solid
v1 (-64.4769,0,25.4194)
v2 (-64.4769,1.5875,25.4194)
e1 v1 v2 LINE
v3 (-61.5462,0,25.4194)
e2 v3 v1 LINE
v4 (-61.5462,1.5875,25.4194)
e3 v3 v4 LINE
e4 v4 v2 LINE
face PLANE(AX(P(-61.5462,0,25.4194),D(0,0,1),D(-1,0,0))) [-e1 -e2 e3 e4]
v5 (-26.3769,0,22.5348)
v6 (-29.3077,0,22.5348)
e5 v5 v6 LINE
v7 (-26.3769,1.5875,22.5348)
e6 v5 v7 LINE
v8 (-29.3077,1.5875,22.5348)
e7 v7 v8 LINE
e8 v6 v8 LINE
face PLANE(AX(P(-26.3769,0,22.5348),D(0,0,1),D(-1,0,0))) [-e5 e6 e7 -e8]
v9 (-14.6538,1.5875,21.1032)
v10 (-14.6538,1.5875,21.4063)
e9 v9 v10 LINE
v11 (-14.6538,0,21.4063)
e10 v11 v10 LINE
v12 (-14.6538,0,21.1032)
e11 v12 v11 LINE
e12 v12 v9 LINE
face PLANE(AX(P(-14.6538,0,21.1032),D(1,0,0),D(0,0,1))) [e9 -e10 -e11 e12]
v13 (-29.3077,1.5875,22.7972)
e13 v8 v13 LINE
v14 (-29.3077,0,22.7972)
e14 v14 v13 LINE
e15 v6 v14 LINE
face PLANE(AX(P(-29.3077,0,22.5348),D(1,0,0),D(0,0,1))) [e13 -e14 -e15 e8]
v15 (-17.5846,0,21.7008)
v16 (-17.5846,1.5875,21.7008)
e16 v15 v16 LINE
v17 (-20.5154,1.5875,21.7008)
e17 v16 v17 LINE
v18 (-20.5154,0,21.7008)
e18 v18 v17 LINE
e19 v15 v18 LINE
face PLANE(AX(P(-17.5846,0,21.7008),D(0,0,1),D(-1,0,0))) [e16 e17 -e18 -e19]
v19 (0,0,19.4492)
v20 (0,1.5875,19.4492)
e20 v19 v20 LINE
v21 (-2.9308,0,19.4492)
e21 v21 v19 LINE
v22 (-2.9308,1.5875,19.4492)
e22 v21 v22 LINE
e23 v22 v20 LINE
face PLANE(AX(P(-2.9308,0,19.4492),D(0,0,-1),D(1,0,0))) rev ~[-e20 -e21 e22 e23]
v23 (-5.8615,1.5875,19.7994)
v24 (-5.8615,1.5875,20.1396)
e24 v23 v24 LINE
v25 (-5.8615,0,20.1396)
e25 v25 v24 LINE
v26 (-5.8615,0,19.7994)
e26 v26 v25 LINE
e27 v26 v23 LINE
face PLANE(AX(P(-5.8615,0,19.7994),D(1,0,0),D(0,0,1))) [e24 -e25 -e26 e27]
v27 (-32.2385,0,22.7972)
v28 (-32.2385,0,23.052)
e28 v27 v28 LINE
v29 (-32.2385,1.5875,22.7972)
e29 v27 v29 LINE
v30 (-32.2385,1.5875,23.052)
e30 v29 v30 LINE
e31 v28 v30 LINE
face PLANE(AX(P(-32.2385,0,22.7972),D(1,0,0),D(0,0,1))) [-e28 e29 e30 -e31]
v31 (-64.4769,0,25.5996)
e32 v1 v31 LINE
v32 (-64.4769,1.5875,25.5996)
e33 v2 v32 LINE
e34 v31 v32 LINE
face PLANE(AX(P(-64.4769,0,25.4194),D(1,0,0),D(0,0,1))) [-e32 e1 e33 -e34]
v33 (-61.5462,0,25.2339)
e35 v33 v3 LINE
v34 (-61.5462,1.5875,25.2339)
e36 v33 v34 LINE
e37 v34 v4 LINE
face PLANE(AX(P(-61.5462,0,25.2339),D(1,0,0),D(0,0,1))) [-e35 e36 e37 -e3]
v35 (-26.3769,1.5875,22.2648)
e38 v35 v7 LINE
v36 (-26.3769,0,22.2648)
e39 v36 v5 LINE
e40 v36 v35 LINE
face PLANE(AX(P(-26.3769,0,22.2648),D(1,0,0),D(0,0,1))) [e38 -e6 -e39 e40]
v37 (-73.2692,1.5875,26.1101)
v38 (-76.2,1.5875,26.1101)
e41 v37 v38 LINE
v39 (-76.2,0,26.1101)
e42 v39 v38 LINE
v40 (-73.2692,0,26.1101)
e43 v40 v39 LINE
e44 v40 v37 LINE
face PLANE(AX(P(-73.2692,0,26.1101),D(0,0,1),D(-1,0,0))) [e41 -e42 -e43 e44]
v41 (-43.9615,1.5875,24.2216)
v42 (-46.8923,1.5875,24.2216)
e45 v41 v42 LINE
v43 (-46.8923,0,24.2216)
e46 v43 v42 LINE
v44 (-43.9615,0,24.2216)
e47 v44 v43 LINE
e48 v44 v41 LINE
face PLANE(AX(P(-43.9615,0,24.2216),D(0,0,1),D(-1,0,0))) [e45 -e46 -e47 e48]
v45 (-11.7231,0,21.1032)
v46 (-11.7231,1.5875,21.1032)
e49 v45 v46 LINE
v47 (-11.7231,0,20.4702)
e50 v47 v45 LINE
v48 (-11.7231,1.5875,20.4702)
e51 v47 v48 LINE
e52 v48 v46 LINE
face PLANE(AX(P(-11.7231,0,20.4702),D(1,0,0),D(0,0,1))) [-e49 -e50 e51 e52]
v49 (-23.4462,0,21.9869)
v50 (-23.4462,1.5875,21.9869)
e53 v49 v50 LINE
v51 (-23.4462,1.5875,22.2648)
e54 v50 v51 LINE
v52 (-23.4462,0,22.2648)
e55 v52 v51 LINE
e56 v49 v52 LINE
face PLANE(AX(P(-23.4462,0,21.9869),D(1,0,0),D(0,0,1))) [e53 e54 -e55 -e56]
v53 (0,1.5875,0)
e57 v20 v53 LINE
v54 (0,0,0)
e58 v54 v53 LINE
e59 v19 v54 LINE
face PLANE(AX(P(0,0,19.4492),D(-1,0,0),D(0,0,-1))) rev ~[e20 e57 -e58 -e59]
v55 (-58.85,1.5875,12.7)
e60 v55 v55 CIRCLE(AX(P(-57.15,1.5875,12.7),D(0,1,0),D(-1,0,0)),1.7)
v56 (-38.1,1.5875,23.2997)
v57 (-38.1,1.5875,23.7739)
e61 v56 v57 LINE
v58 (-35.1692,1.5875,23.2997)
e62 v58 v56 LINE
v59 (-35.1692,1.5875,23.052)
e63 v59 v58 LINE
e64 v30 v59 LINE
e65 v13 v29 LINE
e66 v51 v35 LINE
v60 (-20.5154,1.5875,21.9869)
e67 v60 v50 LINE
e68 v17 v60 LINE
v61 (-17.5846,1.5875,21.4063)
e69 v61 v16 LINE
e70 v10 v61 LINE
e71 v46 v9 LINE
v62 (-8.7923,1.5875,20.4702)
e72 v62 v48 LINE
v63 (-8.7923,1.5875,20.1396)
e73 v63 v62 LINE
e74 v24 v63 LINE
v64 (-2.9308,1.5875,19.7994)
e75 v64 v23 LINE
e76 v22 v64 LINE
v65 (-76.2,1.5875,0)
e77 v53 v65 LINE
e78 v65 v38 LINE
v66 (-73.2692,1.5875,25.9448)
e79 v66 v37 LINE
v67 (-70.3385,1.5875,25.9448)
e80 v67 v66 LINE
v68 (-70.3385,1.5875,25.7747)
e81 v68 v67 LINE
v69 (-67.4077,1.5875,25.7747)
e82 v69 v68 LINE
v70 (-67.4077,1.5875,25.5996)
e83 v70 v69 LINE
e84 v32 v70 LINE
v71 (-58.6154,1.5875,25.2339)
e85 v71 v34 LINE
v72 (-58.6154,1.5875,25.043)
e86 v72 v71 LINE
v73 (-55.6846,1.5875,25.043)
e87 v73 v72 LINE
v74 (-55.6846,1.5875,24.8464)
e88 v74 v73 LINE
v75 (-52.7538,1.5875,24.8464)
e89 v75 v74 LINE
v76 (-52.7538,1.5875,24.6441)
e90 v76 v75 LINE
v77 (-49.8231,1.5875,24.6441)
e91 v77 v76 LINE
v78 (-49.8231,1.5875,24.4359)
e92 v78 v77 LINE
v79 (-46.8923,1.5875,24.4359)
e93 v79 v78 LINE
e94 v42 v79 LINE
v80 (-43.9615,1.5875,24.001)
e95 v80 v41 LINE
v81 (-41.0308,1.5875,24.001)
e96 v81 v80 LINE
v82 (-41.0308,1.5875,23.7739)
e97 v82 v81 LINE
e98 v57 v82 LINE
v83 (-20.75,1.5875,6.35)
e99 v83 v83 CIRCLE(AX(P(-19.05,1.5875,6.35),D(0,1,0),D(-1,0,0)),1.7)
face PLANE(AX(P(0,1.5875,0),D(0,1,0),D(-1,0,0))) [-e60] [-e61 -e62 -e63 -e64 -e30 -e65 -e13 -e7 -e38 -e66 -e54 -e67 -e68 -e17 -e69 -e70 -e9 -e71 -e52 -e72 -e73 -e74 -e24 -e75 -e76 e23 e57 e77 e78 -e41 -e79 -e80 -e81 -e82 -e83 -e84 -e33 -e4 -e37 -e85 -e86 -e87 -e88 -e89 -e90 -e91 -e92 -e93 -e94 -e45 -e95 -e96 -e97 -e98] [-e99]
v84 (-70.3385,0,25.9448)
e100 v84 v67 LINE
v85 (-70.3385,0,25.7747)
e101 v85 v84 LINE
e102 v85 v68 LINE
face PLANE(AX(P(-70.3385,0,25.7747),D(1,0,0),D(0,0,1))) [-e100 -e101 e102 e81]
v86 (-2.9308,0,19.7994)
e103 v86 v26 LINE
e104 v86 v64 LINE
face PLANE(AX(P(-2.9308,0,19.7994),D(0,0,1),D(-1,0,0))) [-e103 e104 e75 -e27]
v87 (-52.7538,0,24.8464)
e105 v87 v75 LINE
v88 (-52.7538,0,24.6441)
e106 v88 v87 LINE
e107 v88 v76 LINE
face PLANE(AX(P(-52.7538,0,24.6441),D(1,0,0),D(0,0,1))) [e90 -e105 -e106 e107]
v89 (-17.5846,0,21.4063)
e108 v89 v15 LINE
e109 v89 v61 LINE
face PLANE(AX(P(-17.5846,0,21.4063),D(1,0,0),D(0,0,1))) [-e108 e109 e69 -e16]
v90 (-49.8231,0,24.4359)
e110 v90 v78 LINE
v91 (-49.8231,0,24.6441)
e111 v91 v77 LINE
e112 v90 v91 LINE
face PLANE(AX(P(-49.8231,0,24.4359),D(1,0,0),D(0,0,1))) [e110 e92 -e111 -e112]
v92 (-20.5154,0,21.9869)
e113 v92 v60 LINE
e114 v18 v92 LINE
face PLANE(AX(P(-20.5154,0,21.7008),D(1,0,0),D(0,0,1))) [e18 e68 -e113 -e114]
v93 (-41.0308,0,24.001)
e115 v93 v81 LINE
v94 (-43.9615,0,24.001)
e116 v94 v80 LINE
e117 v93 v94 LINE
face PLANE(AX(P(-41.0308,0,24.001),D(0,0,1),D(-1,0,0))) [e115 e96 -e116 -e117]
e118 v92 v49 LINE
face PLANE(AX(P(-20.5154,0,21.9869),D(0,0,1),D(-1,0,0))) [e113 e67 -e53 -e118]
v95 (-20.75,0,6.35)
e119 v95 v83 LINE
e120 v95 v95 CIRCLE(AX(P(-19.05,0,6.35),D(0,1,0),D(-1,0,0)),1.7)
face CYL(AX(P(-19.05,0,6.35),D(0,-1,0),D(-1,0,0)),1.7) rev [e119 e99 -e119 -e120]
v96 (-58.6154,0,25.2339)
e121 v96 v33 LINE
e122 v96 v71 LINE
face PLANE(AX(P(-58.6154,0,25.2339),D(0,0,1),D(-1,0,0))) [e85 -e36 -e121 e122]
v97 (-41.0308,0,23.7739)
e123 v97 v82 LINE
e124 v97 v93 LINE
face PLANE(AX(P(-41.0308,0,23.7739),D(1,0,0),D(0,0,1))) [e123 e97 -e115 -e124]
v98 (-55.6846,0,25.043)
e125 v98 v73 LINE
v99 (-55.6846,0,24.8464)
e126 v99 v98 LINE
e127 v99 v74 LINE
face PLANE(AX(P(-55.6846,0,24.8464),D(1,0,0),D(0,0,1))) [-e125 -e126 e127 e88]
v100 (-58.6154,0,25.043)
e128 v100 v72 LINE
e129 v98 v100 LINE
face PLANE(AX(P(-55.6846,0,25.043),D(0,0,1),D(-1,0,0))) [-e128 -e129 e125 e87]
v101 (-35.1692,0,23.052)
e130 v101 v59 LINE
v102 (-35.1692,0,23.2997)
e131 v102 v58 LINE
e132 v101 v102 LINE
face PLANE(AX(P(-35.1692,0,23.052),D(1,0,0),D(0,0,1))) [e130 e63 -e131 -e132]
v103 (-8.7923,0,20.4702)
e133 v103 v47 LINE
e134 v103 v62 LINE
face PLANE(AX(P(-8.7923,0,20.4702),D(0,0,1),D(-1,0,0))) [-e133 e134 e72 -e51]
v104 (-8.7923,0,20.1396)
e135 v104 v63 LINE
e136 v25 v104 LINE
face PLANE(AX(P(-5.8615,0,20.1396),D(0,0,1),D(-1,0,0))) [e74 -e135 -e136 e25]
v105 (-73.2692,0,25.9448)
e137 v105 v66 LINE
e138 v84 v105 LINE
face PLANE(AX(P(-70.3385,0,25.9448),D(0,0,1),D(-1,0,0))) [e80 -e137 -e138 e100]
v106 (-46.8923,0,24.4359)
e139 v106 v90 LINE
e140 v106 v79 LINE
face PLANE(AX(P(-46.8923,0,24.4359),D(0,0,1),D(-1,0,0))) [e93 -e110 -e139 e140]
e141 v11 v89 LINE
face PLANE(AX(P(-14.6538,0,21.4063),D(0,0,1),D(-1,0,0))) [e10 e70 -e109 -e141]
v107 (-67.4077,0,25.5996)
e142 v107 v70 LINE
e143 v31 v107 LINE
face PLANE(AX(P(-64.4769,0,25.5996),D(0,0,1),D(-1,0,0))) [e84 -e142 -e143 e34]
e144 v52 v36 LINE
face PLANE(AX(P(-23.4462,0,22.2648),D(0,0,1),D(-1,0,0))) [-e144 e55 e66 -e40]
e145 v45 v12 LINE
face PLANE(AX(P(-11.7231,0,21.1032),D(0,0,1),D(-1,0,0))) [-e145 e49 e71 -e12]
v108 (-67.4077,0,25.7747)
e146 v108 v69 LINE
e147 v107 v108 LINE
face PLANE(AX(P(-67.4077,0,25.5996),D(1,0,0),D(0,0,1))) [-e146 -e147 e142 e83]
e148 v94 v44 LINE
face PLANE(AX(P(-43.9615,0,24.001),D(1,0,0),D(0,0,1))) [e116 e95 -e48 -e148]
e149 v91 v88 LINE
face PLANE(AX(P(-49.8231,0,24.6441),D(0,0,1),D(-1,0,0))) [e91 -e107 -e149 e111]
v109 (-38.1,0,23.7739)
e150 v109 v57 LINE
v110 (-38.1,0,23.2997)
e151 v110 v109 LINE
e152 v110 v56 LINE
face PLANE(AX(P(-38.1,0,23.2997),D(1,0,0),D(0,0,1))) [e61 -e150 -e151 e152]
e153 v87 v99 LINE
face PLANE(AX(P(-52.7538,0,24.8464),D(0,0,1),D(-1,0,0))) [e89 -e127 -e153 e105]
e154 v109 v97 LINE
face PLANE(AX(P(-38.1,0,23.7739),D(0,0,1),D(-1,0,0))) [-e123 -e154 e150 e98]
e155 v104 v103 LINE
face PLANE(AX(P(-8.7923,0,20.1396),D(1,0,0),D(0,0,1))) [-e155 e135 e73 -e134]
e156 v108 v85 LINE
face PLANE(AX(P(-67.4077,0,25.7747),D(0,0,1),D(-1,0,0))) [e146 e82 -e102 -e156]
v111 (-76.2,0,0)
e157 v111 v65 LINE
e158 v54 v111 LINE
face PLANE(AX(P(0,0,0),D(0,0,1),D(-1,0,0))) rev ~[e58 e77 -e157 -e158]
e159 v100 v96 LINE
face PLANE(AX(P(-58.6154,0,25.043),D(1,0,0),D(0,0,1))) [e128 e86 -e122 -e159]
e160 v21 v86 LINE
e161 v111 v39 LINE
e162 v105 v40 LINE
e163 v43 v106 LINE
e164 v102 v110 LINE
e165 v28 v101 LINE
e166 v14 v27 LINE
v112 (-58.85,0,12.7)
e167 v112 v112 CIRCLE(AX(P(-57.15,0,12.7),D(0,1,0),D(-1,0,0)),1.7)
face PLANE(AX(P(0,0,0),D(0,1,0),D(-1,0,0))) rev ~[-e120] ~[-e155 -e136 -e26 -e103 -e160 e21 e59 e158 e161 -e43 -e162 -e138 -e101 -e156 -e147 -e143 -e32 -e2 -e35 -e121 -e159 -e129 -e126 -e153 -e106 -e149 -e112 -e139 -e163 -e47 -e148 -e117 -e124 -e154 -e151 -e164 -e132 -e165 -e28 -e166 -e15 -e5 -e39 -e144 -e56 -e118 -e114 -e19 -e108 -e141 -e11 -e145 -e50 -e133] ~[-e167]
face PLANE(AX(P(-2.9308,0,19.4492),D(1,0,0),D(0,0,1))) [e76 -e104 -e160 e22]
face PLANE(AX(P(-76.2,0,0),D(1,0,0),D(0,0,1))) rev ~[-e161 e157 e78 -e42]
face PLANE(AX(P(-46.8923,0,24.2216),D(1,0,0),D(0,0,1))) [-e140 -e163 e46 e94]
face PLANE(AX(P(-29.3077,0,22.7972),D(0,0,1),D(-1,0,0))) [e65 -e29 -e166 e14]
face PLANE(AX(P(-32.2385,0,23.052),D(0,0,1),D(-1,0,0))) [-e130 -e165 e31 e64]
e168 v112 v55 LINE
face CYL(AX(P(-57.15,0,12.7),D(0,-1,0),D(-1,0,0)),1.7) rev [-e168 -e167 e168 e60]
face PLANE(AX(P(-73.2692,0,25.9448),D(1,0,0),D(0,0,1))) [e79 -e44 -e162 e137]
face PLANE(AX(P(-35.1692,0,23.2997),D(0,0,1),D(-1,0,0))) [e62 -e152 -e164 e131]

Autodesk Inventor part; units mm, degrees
ref_plane "YZ Plane" through (0, 0, 0) normal (1, 0, 0) x (0, 1, 0)
ref_plane "XZ Plane" through (0, 0, 0) normal (0, 1, 0) x (-1, 0, 0)
ref_plane "XY Plane" through (0, 0, 0) normal (0, 0, 1) x (1, 0, 0)
sketch "Sketch1" plane through (0, 0, 0) normal (0, 1, 0) x (-1, 0, 0)
  line L0 (2.9308, 19.4492) -> (0, 19.4492)
  line L1 (0, 19.4492) -> (0, 0)
  line L2 (0, 0) -> (76.2, 0)
  line L3 (2.9308, 19.4492) -> (2.9308, 19.7994)
  line L4 (2.9308, 19.7994) -> (5.8615, 19.7994)
  line L5 (5.8615, 19.7994) -> (5.8615, 20.1396)
  line L6 (5.8615, 20.1396) -> (8.7923, 20.1396)
  line L7 (8.7923, 20.1396) -> (8.7923, 20.4702)
  line L8 (8.7923, 20.4702) -> (11.7231, 20.4702)
  line L9 (11.7231, 20.4702) -> (11.7231, 21.1032)
  line L10 (11.7231, 21.1032) -> (14.6538, 21.1032)
  line L11 (14.6538, 21.1032) -> (14.6538, 21.4063)
  line L12 (14.6538, 21.4063) -> (17.5846, 21.4063)
  line L13 (17.5846, 21.4063) -> (17.5846, 21.7008)
  line L14 (17.5846, 21.7008) -> (20.5154, 21.7008)
  line L15 (20.5154, 21.7008) -> (20.5154, 21.9869)
  line L16 (20.5154, 21.9869) -> (23.4462, 21.9869)
  line L17 (23.4462, 21.9869) -> (23.4462, 22.2648)
  line L18 (23.4462, 22.2648) -> (26.3769, 22.2648)
  line L19 (26.3769, 22.2648) -> (26.3769, 22.5348)
  line L20 (26.3769, 22.5348) -> (29.3077, 22.5348)
  line L21 (29.3077, 22.5348) -> (29.3077, 22.7972)
  line L22 (29.3077, 22.7972) -> (32.2385, 22.7972)
  line L23 (32.2385, 22.7972) -> (32.2385, 23.052)
  line L24 (32.2385, 23.052) -> (35.1692, 23.052)
  line L25 (35.1692, 23.052) -> (35.1692, 23.2997)
  line L26 (35.1692, 23.2997) -> (38.1, 23.2997)
  line L27 (38.1, 23.2997) -> (38.1, 23.7739)
  line L28 (38.1, 23.7739) -> (41.0308, 23.7739)
  line L29 (41.0308, 23.7739) -> (41.0308, 24.001)
  line L30 (41.0308, 24.001) -> (43.9615, 24.001)
  line L31 (43.9615, 24.001) -> (43.9615, 24.2216)
  line L32 (43.9615, 24.2216) -> (46.8923, 24.2216)
  line L33 (46.8923, 24.2216) -> (46.8923, 24.4359)
  line L34 (46.8923, 24.4359) -> (49.8231, 24.4359)
  line L35 (49.8231, 24.4359) -> (49.8231, 24.6441)
  line L36 (49.8231, 24.6441) -> (52.7538, 24.6441)
  line L37 (52.7538, 24.6441) -> (52.7538, 24.8464)
  line L38 (52.7538, 24.8464) -> (55.6846, 24.8464)
  line L39 (55.6846, 24.8464) -> (55.6846, 25.043)
  line L40 (55.6846, 25.043) -> (58.6154, 25.043)
  line L41 (58.6154, 25.043) -> (58.6154, 25.2339)
  line L42 (58.6154, 25.2339) -> (61.5462, 25.2339)
  line L43 (61.5462, 25.2339) -> (61.5462, 25.4194)
  line L44 (61.5462, 25.4194) -> (64.4769, 25.4194)
  line L45 (64.4769, 25.4194) -> (64.4769, 25.5996)
  line L46 (64.4769, 25.5996) -> (67.4077, 25.5996)
  line L47 (67.4077, 25.5996) -> (67.4077, 25.7747)
  line L48 (67.4077, 25.7747) -> (70.3385, 25.7747)
  line L49 (70.3385, 25.7747) -> (70.3385, 25.9448)
  line L50 (70.3385, 25.9448) -> (73.2692, 25.9448)
  line L51 (73.2692, 25.9448) -> (73.2692, 26.1101)
  line L52 (73.2692, 26.1101) -> (76.2, 26.1101)
  line L53 (76.2, 0) -> (76.2, 26.1101)
  circle A0 centre (19.05, 6.35) radius 1.7
  circle A1 centre (57.15, 12.7) radius 1.7
extrude "Extrusion1" add sketch "Sketch1" along normal blind 1.5875
properties part number "harry_potter_base"
